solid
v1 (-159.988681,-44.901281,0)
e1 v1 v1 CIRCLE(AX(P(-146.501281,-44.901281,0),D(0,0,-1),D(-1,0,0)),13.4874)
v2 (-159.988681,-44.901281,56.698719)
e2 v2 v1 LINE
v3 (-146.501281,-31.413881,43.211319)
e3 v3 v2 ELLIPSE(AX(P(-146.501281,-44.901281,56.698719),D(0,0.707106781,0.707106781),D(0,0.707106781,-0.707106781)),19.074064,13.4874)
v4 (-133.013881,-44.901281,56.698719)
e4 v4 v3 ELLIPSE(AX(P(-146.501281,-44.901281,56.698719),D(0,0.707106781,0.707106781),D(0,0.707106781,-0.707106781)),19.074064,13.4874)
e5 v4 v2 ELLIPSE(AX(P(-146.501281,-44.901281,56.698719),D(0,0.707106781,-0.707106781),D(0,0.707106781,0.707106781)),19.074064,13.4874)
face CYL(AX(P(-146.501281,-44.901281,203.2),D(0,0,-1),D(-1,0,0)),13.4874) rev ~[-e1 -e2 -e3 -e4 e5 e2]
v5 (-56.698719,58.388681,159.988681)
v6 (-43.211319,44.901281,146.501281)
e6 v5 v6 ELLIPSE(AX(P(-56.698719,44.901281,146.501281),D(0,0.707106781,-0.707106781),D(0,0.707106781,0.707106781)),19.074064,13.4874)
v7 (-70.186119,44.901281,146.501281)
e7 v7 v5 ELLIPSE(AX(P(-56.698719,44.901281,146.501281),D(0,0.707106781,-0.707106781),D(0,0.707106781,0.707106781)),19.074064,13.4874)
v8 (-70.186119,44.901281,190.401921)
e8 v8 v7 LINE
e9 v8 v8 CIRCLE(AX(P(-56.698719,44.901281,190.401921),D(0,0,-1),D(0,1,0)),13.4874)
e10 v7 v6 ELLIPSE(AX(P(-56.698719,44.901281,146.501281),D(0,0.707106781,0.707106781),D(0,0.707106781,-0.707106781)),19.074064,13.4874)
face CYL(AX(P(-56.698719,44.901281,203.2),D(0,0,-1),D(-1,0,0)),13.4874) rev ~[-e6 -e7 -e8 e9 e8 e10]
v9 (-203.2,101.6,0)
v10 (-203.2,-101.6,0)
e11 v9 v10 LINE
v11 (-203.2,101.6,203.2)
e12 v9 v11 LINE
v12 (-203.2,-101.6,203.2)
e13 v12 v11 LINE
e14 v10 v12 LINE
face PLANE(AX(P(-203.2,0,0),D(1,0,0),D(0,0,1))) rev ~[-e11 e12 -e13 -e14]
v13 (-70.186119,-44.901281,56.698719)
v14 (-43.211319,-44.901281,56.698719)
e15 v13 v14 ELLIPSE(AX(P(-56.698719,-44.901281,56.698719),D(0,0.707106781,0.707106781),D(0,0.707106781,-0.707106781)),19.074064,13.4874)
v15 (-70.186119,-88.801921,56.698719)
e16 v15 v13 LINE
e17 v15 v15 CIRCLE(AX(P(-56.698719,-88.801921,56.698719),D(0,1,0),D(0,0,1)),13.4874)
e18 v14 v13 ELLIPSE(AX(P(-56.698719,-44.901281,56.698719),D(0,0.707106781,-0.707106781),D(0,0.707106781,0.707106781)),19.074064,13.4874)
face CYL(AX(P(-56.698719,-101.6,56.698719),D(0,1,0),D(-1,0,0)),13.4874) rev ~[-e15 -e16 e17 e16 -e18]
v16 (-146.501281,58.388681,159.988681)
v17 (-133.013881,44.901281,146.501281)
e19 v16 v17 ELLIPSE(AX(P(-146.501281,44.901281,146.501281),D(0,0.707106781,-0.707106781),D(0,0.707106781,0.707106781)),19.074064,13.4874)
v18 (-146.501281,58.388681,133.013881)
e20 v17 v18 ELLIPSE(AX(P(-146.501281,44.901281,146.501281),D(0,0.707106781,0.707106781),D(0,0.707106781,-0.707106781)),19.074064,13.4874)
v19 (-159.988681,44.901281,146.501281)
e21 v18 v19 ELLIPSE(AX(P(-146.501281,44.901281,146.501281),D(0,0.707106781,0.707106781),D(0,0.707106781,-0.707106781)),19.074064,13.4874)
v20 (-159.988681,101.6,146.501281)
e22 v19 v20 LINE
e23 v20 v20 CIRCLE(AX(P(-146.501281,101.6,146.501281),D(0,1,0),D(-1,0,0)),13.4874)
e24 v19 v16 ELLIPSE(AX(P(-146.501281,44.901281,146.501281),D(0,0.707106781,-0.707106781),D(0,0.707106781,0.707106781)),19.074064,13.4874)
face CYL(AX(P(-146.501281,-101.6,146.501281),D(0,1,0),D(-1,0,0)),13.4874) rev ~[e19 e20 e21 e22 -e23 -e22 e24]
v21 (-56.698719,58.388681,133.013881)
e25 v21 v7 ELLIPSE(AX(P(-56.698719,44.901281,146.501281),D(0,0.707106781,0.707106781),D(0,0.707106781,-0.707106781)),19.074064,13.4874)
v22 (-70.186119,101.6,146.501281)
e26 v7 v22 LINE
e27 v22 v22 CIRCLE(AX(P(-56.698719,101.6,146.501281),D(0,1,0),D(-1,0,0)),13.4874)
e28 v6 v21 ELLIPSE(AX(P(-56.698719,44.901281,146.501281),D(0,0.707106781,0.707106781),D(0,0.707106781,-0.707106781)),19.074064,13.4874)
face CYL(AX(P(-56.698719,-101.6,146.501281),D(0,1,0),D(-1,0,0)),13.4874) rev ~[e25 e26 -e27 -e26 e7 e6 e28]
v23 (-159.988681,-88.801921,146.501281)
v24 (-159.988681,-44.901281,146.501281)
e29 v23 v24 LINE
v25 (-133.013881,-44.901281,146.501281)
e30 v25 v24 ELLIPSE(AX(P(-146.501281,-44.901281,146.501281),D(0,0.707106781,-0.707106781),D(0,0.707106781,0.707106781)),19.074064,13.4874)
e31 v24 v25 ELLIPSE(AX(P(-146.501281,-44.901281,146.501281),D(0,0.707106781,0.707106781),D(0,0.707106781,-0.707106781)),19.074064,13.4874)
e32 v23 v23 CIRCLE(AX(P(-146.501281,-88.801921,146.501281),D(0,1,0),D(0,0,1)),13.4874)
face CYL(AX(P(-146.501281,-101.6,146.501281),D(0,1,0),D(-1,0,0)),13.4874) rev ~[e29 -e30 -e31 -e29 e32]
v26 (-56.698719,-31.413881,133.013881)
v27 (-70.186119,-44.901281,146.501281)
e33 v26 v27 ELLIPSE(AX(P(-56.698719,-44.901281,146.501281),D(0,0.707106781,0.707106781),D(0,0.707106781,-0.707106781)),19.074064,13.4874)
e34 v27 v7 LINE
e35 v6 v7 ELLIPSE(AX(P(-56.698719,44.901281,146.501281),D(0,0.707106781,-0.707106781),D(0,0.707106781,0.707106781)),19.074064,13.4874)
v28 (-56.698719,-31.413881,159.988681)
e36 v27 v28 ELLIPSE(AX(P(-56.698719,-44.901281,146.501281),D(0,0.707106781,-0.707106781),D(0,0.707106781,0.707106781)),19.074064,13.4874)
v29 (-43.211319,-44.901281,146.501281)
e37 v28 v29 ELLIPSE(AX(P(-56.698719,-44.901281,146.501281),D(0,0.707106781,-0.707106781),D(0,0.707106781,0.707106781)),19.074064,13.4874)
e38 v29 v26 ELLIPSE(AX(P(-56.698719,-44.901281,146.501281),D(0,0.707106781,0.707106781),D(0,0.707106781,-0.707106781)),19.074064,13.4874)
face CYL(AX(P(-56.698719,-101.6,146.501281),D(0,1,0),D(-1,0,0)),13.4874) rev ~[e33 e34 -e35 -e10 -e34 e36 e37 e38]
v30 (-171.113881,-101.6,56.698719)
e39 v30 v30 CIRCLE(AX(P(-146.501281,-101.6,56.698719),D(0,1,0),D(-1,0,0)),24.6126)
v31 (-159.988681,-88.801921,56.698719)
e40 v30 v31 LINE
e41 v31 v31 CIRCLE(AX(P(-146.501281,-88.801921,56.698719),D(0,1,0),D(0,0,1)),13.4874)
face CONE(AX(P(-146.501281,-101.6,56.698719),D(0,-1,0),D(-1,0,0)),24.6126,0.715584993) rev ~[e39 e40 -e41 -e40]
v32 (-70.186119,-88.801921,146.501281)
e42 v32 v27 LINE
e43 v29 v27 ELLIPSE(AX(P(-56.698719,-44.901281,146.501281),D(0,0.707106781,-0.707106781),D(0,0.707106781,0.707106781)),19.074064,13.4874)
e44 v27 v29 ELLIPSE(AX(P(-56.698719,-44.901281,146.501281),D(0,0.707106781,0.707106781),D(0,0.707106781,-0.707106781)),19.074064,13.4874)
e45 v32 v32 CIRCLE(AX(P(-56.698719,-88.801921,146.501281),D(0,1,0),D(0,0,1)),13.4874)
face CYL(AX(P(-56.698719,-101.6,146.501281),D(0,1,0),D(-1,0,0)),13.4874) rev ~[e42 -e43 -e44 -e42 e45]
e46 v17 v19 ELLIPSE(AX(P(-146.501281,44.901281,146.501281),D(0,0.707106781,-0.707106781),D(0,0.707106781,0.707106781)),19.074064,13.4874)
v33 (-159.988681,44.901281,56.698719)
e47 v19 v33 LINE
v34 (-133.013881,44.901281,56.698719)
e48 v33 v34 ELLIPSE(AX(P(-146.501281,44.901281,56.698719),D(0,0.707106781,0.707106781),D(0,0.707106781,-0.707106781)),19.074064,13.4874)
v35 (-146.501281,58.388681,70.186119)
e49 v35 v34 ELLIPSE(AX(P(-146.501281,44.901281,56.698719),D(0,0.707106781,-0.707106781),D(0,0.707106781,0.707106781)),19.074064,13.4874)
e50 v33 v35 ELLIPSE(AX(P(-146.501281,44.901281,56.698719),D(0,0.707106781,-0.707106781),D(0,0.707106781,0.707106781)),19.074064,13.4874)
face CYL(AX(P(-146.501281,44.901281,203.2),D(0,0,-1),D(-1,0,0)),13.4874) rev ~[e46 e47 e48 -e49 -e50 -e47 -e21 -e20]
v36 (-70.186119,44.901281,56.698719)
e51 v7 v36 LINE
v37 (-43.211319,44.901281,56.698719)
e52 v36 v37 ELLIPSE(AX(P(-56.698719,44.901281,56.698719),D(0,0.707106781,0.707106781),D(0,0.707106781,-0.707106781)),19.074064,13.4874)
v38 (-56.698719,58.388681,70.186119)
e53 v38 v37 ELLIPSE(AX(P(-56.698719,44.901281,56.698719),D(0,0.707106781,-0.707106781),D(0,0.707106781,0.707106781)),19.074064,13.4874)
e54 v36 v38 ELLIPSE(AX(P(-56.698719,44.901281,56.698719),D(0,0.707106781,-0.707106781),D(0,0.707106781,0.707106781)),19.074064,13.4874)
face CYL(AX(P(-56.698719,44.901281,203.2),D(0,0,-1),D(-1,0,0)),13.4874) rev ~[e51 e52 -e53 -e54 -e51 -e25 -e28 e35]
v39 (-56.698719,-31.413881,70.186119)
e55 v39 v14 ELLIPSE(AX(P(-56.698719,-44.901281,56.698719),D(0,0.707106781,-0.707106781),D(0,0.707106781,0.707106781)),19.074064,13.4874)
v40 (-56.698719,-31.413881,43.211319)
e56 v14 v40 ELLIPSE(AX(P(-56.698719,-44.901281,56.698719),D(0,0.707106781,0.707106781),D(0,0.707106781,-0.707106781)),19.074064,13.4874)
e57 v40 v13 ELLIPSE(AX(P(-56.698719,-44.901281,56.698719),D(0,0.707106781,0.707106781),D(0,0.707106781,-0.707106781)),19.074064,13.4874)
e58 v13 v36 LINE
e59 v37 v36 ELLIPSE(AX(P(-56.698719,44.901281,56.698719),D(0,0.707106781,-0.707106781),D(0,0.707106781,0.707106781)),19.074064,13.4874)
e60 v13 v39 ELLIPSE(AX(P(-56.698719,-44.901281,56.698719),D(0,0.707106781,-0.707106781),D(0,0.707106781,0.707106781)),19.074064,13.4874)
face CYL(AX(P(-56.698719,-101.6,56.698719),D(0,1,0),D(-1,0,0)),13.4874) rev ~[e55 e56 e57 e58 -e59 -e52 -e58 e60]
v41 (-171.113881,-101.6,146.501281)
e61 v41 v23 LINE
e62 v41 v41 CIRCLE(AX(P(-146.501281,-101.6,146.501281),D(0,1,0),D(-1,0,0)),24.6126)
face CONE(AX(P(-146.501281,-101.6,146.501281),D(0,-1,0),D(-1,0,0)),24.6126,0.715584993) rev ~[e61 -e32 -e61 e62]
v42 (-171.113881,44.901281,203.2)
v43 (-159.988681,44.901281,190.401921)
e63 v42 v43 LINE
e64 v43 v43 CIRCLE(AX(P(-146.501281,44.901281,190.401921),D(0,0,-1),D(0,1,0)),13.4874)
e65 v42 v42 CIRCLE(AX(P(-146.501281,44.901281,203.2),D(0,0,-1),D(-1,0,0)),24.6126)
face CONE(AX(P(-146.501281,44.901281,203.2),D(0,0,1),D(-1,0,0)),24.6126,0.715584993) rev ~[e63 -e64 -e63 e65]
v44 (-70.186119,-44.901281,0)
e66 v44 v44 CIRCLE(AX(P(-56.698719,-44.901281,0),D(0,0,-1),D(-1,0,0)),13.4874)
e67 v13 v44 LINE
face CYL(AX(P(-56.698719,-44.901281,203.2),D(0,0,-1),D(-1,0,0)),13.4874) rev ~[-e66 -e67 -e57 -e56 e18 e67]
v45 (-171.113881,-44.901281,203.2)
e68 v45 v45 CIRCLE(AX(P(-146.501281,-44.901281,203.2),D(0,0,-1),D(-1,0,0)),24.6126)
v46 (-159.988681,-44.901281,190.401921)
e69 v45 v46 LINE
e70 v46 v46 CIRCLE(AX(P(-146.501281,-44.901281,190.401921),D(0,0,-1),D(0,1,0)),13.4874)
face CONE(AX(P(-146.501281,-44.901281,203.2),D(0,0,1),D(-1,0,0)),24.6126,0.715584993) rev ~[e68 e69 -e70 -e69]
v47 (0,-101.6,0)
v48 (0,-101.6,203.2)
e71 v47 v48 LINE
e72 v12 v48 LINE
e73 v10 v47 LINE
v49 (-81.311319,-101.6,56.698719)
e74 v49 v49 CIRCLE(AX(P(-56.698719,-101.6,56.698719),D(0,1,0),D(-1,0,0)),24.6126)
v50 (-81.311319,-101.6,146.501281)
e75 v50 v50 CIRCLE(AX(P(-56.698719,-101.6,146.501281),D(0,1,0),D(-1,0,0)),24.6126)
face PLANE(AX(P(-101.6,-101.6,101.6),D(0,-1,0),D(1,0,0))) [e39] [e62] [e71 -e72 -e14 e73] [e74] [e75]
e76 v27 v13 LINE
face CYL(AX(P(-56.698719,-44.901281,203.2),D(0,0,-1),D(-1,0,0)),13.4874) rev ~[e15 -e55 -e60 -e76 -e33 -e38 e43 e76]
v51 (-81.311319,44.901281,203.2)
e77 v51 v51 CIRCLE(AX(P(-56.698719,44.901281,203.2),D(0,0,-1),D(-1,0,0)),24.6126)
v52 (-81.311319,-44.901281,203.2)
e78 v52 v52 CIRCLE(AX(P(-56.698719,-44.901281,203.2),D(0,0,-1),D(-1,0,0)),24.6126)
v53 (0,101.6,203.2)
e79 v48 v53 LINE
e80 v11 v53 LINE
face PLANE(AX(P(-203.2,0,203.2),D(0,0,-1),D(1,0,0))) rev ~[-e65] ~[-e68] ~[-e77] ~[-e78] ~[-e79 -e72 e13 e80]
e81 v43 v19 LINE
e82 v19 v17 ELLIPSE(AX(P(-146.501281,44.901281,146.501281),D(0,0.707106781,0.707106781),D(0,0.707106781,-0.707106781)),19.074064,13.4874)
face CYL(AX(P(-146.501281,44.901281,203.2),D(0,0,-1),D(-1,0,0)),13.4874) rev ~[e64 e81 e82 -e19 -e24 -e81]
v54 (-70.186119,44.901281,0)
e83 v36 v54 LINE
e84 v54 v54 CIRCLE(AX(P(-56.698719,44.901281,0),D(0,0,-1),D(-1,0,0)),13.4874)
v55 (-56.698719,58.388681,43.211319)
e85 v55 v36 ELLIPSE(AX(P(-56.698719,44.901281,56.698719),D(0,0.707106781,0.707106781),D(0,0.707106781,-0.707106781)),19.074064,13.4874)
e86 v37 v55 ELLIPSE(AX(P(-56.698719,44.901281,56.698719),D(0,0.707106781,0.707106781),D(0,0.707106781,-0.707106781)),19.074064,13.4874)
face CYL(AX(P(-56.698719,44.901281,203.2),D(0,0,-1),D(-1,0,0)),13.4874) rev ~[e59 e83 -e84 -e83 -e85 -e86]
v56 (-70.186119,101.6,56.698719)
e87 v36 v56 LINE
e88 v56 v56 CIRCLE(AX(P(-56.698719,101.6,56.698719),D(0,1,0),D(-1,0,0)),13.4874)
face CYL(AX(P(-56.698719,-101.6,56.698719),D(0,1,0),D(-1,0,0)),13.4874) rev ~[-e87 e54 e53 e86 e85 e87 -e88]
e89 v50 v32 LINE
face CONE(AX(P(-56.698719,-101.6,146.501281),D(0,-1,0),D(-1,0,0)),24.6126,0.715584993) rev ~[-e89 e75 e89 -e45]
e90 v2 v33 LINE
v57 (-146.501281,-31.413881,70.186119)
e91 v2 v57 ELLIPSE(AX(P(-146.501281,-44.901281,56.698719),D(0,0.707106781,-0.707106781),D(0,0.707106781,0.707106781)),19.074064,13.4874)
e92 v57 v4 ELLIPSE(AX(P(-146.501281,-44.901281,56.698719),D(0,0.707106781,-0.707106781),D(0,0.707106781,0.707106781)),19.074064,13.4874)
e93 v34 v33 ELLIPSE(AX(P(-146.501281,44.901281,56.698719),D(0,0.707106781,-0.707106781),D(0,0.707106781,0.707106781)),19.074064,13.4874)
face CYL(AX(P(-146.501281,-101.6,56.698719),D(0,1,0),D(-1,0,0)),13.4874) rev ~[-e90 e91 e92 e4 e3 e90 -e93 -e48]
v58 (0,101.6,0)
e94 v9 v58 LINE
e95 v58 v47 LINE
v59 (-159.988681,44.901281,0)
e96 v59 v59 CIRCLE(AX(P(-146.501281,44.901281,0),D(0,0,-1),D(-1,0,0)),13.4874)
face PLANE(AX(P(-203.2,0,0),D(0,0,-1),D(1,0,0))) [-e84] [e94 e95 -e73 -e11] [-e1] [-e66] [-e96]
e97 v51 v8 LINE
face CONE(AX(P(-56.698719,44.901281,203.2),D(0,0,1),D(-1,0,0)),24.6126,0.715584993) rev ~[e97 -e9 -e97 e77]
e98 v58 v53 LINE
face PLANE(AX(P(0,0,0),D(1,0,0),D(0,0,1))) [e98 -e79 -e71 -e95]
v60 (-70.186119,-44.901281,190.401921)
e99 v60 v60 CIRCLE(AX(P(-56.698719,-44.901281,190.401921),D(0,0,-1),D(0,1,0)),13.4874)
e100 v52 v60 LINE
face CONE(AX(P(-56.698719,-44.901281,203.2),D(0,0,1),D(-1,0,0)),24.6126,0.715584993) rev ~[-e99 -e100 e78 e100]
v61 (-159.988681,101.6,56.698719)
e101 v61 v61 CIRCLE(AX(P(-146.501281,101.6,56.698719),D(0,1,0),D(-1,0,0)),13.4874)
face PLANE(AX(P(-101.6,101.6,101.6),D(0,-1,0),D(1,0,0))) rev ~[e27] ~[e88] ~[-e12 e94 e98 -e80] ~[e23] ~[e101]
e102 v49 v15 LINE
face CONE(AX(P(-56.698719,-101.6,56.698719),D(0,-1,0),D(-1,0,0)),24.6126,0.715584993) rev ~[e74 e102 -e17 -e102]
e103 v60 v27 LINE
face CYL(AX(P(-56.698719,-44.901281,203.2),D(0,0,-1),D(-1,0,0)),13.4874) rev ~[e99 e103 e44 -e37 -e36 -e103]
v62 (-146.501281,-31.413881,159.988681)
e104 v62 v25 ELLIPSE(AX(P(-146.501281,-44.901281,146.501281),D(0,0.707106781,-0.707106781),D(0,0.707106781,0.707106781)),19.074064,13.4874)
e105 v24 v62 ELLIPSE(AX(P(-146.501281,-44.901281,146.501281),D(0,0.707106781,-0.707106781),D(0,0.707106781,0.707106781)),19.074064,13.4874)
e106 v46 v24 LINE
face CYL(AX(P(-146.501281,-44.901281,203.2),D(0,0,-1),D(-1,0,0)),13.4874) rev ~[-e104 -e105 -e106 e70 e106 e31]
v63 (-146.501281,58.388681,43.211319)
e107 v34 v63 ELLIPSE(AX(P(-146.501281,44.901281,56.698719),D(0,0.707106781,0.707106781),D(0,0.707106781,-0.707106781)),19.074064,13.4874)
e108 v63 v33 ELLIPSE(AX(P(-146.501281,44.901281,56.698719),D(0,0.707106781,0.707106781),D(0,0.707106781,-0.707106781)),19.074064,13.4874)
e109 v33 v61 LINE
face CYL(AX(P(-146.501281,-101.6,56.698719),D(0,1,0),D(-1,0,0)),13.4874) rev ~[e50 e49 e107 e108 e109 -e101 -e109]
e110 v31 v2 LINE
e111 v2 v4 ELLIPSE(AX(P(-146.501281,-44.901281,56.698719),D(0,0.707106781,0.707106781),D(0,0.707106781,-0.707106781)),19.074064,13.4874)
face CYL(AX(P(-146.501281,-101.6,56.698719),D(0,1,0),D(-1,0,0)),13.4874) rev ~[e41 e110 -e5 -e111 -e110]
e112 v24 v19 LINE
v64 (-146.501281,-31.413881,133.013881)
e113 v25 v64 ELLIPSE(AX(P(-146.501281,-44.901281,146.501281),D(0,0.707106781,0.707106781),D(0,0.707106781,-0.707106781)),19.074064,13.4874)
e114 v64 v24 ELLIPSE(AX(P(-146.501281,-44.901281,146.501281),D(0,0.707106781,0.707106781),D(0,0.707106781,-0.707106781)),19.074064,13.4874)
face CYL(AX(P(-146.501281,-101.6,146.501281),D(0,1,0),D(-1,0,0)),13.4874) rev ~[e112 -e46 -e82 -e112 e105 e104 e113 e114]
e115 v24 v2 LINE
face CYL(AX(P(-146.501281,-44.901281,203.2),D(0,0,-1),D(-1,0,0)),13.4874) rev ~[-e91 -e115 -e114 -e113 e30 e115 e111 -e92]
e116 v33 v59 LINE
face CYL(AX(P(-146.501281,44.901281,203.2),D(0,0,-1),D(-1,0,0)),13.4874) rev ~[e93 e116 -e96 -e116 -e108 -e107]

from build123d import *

# Parameters (mm, degrees)
F0_W           = 203.2
F0_H           = 203.2
F1_DEPTH       = 101.6
F3_D           = 26.9748
F3_CSINK_D     = 49.2252
F3_CSINK_ANGLE = 82
F5_D           = 26.9748
F5_CSINK_D     = 49.2252
F5_CSINK_ANGLE = 82


with BuildPart() as f1:
    # F0 (on Front) → F1 (new body, symmetric)
    with BuildSketch(Plane.XZ):
        with Locations((-101.6, 101.6)):
            Rectangle(F0_W, F0_H)
    extrude(amount=F1_DEPTH, both=True)

    # F3 (through all)
    with Locations(Plane.XZ.offset(101.6)):
        with Locations((-56.698719, 146.501281), (-146.501281, 146.501281), (-146.501281, 56.698719), (-56.698719, 56.698719)):
            CounterSinkHole(F3_D / 2, F3_CSINK_D / 2, counter_sink_angle=F3_CSINK_ANGLE)

    # F5 (through all)
    with Locations(Plane.XY.offset(203.2)):
        with Locations((-56.698719, 44.901281), (-146.501281, 44.901281), (-146.501281, -44.901281), (-56.698719, -44.901281)):
            CounterSinkHole(F5_D / 2, F5_CSINK_D / 2, counter_sink_angle=F5_CSINK_ANGLE)


solid = f1.part
